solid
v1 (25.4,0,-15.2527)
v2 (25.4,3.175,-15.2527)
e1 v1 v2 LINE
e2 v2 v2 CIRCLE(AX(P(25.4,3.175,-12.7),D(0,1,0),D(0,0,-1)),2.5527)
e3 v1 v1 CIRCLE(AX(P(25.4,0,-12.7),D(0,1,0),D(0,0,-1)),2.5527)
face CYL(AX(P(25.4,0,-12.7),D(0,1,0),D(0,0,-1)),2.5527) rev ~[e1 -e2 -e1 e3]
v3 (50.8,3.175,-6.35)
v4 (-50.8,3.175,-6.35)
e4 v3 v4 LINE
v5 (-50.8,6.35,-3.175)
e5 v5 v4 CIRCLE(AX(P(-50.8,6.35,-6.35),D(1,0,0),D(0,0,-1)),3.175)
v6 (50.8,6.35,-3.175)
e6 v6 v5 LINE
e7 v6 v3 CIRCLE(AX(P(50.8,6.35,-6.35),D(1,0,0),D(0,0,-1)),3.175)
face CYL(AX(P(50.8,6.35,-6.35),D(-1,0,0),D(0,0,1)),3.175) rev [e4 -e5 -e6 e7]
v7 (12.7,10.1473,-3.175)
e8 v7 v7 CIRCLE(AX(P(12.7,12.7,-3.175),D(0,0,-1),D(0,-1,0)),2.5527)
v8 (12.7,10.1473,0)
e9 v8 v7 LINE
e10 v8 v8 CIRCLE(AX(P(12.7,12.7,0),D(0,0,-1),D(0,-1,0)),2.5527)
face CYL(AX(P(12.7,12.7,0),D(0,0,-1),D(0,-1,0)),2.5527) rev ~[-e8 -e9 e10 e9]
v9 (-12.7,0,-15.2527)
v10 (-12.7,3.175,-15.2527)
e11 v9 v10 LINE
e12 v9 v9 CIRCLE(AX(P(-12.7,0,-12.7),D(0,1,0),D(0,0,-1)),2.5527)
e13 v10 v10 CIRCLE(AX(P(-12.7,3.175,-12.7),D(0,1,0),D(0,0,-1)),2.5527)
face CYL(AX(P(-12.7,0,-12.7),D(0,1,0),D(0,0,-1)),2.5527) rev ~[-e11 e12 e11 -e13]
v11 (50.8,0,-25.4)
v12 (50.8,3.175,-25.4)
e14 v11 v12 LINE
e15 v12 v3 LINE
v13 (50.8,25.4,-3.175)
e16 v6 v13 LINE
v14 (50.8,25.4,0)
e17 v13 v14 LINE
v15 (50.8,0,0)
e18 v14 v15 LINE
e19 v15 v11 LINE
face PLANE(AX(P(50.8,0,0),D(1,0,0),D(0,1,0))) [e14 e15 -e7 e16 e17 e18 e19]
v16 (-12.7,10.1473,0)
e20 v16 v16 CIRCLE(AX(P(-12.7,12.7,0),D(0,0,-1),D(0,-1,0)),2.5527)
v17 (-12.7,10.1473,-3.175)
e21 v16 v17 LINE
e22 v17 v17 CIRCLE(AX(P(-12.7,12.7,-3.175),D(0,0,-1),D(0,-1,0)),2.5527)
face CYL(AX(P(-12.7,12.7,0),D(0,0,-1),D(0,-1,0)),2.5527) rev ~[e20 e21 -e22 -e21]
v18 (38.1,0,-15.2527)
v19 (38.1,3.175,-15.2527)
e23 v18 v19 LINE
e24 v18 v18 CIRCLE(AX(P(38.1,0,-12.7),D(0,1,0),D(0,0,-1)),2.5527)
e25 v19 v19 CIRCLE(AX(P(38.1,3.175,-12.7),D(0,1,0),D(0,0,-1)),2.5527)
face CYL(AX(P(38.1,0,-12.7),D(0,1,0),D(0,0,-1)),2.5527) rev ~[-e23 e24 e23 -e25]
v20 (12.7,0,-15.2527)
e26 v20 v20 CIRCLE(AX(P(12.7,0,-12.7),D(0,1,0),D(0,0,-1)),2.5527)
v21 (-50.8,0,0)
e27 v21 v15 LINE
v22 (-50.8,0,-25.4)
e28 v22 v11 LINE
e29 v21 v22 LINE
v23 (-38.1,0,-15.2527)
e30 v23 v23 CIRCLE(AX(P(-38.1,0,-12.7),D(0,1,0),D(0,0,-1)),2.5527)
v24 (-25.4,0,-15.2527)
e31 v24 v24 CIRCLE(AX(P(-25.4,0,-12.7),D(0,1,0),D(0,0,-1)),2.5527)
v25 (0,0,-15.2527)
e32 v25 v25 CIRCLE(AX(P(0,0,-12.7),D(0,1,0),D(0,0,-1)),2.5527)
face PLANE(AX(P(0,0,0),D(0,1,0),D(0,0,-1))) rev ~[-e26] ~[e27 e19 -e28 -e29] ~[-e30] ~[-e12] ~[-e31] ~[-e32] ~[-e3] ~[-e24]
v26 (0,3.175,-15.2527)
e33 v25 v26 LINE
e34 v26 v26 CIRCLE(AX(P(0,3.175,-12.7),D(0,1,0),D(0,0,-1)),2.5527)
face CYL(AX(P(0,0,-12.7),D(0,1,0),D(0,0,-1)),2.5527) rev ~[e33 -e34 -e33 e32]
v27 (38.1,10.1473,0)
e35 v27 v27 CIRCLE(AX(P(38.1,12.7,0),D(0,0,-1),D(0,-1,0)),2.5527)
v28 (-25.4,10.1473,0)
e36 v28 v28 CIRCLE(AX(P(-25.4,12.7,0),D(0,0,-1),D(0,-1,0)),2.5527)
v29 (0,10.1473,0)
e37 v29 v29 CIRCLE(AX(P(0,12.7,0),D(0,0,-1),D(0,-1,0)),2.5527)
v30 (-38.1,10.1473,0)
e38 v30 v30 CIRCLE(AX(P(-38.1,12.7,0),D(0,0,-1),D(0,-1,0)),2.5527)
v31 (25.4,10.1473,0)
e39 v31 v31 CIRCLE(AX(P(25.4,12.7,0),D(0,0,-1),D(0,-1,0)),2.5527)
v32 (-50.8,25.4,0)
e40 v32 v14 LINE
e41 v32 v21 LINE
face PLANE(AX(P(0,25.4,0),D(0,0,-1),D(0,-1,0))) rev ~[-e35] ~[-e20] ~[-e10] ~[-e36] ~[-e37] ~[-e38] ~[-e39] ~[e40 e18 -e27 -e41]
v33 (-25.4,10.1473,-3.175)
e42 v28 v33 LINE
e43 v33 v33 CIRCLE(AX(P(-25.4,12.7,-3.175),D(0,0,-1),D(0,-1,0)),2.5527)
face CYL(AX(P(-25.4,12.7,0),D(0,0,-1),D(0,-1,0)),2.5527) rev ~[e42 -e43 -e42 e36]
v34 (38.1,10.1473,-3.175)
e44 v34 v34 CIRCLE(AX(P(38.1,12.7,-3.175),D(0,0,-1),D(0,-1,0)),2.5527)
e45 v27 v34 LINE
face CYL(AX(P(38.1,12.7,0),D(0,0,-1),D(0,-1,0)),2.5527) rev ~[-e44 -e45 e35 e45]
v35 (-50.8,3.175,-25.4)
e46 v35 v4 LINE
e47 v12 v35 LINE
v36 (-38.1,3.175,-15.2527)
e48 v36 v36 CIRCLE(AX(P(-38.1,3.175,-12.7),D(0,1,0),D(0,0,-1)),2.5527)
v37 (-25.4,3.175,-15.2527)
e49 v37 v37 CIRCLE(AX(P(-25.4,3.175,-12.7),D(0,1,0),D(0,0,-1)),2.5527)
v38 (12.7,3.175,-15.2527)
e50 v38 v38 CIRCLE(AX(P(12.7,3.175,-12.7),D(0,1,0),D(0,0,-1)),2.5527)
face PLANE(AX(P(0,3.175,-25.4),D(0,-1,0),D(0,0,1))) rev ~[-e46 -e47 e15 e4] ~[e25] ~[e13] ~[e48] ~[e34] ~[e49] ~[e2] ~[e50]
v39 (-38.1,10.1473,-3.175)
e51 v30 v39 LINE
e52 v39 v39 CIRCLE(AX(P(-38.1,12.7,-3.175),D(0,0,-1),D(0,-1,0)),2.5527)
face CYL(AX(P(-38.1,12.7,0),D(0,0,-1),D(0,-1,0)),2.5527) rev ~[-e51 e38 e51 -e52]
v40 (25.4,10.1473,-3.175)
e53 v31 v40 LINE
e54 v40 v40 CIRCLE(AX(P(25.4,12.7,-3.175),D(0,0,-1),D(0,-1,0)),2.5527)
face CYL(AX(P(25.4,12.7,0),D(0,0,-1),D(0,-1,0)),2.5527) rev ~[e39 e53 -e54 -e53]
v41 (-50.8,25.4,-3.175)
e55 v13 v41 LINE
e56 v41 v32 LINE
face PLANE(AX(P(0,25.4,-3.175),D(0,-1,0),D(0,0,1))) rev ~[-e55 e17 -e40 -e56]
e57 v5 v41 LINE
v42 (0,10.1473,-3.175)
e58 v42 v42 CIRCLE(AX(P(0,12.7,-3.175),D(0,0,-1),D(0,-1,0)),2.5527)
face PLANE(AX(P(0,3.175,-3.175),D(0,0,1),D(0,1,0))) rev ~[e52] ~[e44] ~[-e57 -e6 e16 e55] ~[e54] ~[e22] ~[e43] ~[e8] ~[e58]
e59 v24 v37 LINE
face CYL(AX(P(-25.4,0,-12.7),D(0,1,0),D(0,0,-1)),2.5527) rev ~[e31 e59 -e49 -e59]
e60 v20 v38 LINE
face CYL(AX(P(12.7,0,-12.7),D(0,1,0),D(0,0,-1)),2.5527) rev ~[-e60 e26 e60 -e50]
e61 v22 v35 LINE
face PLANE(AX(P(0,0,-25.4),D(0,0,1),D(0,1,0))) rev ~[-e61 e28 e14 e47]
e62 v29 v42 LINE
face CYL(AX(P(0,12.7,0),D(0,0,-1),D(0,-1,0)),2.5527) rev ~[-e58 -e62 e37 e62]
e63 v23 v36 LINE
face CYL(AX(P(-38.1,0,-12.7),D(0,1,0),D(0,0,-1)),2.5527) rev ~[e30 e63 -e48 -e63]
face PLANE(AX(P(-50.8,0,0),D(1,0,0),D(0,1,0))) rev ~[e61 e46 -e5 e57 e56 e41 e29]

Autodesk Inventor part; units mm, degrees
ref_plane "YZ Plane" through (0, 0, 0) normal (1, 0, 0) x (0, 1, 0)
ref_plane "XZ Plane" through (0, 0, 0) normal (0, 1, 0) x (-1, 0, 0)
ref_plane "XY Plane" through (0, 0, 0) normal (0, 0, 1) x (1, 0, 0)
sketch "Sketch1" plane through (0, 0, 0) normal (1, 0, 0) x (0, 1, 0)
  line L0 (25.4, 0) -> (0, 0)
  line L1 (0, 0) -> (0, -25.4)
  line L2 (0, -25.4) -> (3.175, -25.4)
  line L3 (3.175, -25.4) -> (3.175, -3.175)
  line L4 (3.175, -3.175) -> (25.4, -3.175)
  line L5 (25.4, -3.175) -> (25.4, 0)
  dimension "d0" = 25.4
  dimension "d1" = 25.4
  dimension "d2" = 3.175
extrude "Extrusion1" add sketch "Sketch1" along normal mid plane 101.6
fillet "Fillet1" radius 3.175 1 edges at (0, 3.175, -3.175)
sketch "Sketch2" plane through (-50.8, 0, 0) normal (0, 0, 1) x (1, 0, 0)
  line L0 (0, 0) -> (0, 25.4) projected
  line L1 (101.6, 0) -> (0, 0) projected
  point P0 (50.8, 0)
  point P1 (12.7, 12.7)
  point P2 (0, 12.7)
  point P3 (25.4, 12.7)
  point P4 (38.1, 12.7)
  point P5 (50.8, 12.7)
  point P6 (63.5, 12.7)
  point P7 (76.2, 12.7)
  point P8 (88.9, 12.7)
  dimension "d6" = 12.7
  dimension "d9" = 12.7
hole "Hole1" at (-38.1, 12.7, 0) at (-25.4, 12.7, 0) at (-12.7, 12.7, 0) at (0, 12.7, 0) at (12.7, 12.7, 0) at (25.4, 12.7, 0) at (38.1, 12.7, 0) direction (0, 0, -1) diameter 5.1054 end through all clearance for "Flat Head Machine Screw (82)" size "#10" standard "Ansi Unified Screw Threads"
sketch "Sketch3" plane through (-50.8, 0, -25.4) normal (0, -1, 0) x (1, 0, 0)
  line L0 (0, 0) -> (0, 25.4) projected
  line L1 (101.6, 25.4) -> (0, 25.4) projected
  point P0 (50.8, 25.4)
  point P1 (12.7, 12.7)
  point P2 (0, 12.7)
  point P3 (25.4, 12.7)
  point P4 (38.1, 12.7)
  point P5 (50.8, 12.7)
  point P6 (63.5, 12.7)
  point P7 (76.2, 12.7)
  point P8 (88.9, 12.7)
  dimension "d21" = 12.7
  dimension "d24" = 12.7
hole "Hole2" at (-38.1, 0, -12.7) at (-25.4, 0, -12.7) at (-12.7, 0, -12.7) at (0, 0, -12.7) at (12.7, 0, -12.7) at (25.4, 0, -12.7) at (38.1, 0, -12.7) direction (0, 1, 0) diameter 5.1054 end through all clearance for "Flat Head Machine Screw (82)" size "#10" standard "Ansi Unified Screw Threads"
equation "\"d1\" = d0"
properties part number "GI - 008" material "Aluminum 6061"
